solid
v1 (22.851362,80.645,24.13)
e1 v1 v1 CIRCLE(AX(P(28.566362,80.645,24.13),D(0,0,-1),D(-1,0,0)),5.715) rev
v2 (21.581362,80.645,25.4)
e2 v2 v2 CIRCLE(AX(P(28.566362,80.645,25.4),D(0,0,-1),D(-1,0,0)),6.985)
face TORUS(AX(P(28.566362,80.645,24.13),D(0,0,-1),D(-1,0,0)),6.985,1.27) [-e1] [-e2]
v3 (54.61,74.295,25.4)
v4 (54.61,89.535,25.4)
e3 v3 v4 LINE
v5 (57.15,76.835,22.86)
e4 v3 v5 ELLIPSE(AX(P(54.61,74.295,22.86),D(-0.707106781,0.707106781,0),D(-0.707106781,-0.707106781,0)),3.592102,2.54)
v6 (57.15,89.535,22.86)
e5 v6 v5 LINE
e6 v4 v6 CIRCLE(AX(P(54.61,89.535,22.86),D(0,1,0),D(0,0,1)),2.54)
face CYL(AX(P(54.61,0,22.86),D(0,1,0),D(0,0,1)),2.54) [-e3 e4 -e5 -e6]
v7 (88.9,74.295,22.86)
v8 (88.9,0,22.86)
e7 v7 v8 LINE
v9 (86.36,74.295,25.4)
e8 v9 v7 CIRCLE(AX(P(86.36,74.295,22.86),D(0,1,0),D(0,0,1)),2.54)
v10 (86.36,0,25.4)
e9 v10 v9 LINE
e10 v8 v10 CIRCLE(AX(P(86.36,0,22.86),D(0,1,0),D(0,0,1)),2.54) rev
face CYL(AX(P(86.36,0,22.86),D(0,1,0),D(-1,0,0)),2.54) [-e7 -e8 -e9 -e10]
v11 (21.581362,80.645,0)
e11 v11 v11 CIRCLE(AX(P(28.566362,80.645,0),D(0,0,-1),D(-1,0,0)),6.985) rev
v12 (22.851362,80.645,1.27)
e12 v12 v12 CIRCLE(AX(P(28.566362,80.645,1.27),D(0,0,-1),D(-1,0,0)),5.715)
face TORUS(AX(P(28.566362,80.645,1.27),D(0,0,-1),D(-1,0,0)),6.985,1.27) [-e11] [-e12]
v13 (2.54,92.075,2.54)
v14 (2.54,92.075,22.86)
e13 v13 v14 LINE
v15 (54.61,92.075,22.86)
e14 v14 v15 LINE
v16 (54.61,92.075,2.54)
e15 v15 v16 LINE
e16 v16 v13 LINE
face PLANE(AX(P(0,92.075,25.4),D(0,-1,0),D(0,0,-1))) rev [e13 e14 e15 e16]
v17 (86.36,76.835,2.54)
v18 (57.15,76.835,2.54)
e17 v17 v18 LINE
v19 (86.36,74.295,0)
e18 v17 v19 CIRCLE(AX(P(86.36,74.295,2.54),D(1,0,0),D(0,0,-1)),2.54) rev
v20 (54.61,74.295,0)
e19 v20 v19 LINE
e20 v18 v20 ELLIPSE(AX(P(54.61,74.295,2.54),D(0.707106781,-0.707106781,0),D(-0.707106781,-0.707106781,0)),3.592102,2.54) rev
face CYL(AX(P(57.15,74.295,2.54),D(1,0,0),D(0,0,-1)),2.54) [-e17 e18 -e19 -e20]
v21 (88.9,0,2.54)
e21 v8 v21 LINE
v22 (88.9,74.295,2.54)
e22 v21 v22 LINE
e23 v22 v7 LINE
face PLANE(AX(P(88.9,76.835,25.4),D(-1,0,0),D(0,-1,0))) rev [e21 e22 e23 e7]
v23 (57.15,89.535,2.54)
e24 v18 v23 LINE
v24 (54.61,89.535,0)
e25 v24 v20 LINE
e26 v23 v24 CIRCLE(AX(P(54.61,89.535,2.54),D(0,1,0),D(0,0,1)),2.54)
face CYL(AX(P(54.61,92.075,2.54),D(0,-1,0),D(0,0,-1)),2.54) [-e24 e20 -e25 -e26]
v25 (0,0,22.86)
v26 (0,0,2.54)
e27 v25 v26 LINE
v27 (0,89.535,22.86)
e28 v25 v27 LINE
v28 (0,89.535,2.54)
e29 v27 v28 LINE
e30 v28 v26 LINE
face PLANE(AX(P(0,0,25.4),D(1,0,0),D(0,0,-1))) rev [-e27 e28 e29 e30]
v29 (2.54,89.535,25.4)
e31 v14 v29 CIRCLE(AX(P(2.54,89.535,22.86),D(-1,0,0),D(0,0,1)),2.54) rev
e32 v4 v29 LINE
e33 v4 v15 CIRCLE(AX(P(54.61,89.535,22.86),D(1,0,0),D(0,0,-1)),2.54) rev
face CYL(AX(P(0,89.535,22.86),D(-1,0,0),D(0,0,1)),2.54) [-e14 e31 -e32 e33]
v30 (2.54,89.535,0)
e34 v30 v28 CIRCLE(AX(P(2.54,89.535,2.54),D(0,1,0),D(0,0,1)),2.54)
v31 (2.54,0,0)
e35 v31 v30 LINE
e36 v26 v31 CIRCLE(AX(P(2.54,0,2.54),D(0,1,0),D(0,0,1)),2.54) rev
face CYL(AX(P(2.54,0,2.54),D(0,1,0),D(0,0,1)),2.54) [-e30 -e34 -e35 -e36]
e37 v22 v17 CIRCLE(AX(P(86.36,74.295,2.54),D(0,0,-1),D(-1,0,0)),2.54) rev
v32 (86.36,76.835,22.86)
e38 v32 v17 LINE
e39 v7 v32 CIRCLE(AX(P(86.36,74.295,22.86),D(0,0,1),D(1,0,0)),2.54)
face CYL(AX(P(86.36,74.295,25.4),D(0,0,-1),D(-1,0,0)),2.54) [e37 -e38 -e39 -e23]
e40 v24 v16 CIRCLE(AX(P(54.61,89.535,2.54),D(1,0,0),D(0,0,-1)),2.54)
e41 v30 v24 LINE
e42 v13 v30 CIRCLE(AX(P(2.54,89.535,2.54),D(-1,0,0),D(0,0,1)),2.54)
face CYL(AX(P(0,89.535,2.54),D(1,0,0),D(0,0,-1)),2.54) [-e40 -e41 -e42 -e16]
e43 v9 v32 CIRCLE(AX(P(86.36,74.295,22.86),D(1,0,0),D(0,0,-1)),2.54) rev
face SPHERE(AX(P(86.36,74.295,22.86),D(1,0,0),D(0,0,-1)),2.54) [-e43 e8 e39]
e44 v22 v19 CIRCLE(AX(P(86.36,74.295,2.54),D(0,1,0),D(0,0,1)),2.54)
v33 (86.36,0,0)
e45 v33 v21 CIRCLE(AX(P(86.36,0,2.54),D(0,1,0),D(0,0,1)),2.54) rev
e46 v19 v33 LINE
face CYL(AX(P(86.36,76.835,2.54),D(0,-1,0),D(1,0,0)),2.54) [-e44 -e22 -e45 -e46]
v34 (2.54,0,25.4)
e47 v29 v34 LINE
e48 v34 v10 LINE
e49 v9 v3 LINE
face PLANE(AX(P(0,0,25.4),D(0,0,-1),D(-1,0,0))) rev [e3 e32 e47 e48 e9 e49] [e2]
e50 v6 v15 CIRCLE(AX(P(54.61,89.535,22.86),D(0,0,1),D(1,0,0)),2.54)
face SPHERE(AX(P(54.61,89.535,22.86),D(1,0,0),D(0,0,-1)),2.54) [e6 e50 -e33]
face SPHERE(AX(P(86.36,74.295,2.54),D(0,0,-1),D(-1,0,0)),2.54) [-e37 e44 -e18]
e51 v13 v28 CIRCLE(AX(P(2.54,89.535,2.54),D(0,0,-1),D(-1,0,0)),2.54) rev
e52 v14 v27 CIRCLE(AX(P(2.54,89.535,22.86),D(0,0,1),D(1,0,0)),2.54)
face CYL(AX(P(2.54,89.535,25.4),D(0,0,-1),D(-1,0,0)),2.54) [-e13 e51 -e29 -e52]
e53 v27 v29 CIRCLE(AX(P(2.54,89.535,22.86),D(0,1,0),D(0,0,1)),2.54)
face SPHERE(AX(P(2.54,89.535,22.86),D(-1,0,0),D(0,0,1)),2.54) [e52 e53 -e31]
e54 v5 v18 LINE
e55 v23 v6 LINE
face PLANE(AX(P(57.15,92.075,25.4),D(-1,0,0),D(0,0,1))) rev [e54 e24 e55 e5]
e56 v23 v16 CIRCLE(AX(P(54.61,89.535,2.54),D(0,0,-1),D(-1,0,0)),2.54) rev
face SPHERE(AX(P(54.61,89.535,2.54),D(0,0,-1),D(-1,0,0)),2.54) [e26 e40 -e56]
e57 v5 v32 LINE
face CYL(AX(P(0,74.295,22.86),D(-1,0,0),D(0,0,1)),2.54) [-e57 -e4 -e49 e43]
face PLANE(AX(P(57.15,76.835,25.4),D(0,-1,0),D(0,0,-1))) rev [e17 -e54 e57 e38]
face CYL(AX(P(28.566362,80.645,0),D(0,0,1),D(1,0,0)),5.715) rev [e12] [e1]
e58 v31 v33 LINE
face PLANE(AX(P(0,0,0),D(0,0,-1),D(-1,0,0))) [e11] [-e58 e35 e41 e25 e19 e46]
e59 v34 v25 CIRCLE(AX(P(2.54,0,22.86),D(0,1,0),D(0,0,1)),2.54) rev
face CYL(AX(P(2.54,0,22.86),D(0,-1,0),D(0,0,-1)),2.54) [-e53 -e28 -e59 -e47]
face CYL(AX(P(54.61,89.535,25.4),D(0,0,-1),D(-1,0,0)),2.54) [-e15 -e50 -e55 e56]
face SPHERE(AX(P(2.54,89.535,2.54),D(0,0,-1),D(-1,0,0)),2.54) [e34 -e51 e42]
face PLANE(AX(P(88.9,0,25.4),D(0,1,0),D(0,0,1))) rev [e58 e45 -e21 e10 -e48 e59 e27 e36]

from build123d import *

# Parameters (mm, degrees)
BOSS_EXTRUDE1_DEPTH = 25.4
SKETCH9_R           = 5.715
CUT_EXTRUDE1_DEPTH  = 26.4
FILLET9_R           = 2.54
FILLET10_R          = 1.27


with BuildPart() as part:
    # Sketch2 → Boss-Extrude1 (new body)
    with BuildSketch(Plane.XY):
        Polygon((0, 0), (0, 92.075), (18.075, 92.075), (38.575, 92.075), (57.15, 92.075), (57.15, 76.835), (88.9, 76.835), (88.9, 0), align=None)
    extrude(amount=BOSS_EXTRUDE1_DEPTH)

    # Sketch9 → Cut-Extrude1 (cut, through all)
    with BuildSketch(Plane.XY.offset(25.4)):
        with Locations((28.566361876, 80.645)):
            Circle(SKETCH9_R)
    extrude(amount=-CUT_EXTRUDE1_DEPTH, mode=Mode.SUBTRACT)

    # Fillet9
    fillet9_edges = [part.edges().sort_by_distance(p)[0] for p in [
        (57.15, 84.455, 0),
        (73.025, 76.835, 0),
        (88.9, 38.4175, 0),
        (73.025, 76.835, 25.4),
        (0, 92.075, 12.7),
        (57.15, 92.075, 12.7),
        (88.9, 76.835, 12.7),
        (57.15, 84.455, 25.4),
        (28.575, 92.075, 25.4),
        (0, 46.0375, 25.4),
        (0, 46.0375, 0),
        (88.9, 38.4175, 25.4),
        (28.575, 92.075, 0),
    ]]
    fillet(fillet9_edges, radius=FILLET9_R)

    # Fillet10
    fillet10_edges = [part.edges().sort_by_distance(p)[0] for p in [
        (22.851361876, 80.645, 0),
        (22.851361876, 80.645, 25.4),
    ]]
    fillet(fillet10_edges, radius=FILLET10_R)


solid = part.part
